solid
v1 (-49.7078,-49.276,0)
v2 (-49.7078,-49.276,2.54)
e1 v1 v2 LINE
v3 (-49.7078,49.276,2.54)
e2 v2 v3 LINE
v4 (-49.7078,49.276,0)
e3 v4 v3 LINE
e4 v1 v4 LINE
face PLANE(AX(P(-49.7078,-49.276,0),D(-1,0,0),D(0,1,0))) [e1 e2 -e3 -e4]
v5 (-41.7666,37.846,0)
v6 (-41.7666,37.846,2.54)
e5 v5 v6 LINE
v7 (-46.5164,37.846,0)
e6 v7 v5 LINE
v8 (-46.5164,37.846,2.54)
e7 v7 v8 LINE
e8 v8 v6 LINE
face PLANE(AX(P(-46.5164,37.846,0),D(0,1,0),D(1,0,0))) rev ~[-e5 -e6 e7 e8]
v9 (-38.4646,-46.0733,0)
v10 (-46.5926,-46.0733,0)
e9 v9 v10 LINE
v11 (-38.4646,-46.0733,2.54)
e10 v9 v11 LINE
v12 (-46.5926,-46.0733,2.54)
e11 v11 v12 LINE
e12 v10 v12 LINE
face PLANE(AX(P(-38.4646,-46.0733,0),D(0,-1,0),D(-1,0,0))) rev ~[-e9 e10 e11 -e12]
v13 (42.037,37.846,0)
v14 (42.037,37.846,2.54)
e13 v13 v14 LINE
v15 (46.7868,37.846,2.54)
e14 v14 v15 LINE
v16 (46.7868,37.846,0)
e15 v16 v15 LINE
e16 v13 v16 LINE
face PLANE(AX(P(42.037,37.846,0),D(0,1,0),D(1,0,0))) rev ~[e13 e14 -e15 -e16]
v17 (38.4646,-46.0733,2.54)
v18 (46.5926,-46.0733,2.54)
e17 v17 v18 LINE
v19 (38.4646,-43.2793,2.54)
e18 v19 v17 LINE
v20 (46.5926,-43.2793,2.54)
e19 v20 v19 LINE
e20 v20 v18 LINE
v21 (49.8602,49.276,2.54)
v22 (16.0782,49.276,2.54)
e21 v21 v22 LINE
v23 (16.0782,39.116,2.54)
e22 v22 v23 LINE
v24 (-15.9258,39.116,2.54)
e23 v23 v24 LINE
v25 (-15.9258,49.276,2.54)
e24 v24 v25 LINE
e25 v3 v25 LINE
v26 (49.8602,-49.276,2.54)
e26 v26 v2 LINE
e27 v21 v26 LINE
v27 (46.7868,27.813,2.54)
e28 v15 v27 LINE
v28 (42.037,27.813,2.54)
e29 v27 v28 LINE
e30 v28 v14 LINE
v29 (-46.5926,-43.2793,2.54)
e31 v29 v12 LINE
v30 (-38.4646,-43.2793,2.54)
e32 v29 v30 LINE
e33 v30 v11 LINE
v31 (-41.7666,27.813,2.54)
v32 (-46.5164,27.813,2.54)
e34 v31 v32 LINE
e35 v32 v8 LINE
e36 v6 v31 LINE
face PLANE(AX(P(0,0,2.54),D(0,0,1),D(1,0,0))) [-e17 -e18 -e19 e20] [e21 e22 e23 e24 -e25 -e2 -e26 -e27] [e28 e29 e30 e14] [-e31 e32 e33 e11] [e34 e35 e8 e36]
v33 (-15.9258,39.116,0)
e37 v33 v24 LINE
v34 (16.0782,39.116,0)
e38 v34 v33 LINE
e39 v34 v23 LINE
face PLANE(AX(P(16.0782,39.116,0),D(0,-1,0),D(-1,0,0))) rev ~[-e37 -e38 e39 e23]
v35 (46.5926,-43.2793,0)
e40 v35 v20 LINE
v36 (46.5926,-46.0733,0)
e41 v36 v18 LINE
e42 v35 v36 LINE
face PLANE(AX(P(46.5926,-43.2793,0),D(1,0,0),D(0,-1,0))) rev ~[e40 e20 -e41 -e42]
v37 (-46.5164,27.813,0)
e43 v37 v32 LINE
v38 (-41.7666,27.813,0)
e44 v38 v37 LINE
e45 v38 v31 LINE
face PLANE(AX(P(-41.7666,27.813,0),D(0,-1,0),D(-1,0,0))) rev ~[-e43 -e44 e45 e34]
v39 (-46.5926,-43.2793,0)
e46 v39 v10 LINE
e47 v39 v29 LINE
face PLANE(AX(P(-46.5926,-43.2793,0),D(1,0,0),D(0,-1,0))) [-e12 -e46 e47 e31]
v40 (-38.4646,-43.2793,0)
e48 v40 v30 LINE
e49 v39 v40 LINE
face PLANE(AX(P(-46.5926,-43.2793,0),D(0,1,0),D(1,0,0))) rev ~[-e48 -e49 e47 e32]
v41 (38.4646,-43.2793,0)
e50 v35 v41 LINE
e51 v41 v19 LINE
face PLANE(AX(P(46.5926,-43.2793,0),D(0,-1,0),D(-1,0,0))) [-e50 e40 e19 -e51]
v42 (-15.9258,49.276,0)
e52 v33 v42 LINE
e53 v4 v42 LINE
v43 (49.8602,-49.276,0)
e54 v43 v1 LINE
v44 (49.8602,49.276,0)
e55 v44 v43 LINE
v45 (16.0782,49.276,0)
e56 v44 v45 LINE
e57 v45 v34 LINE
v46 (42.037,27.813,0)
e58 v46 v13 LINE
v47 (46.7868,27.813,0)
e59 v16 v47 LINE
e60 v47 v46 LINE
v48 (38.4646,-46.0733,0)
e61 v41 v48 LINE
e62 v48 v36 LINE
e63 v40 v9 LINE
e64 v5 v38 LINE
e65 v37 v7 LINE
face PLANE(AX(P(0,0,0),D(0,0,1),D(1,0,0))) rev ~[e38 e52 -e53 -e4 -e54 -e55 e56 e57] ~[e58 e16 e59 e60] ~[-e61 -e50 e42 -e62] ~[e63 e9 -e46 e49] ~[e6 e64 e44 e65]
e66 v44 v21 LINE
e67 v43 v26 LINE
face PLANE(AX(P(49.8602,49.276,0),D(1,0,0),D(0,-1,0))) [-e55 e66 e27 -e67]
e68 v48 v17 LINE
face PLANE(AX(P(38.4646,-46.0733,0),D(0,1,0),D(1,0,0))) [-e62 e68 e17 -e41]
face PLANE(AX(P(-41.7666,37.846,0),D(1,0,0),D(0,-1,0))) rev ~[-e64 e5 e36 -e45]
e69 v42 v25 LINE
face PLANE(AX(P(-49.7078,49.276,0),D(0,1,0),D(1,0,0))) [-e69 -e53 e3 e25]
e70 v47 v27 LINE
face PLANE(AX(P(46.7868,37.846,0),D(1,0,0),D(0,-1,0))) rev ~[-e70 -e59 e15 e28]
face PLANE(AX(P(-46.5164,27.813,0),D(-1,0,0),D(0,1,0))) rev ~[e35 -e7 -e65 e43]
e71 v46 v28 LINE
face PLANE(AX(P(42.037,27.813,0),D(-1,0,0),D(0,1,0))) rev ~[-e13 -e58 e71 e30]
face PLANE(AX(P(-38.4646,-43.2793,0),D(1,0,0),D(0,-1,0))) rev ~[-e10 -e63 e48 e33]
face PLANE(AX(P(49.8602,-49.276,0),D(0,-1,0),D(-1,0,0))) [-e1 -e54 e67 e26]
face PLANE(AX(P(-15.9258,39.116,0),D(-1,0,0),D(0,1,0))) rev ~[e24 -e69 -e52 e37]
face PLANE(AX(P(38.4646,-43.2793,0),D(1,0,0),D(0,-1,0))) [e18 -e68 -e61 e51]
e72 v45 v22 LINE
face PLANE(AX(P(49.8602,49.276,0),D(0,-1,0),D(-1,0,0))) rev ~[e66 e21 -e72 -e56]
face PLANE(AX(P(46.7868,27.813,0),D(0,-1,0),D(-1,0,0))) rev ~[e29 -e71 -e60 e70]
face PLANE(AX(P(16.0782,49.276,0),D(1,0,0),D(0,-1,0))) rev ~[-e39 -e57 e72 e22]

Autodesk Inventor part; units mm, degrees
ref_plane "YZ Plane" through (0, 0, 0) normal (1, 0, 0) x (0, 1, 0)
ref_plane "XZ Plane" through (0, 0, 0) normal (0, 1, 0) x (-1, 0, 0)
ref_plane "XY Plane" through (0, 0, 0) normal (0, 0, 1) x (1, 0, 0)
sketch "Sketch1" plane through (0, 0, 0) normal (0, 0, 1) x (1, 0, 0)
  line L0 (49.8602, 49.276) -> (49.8602, -49.276)
  line L1 (49.8602, -49.276) -> (-49.7078, -49.276)
  line L2 (-49.7078, -49.276) -> (-49.7078, 49.276)
  line L3 (49.8602, 49.276) -> (16.0782, 49.276)
  line L4 (16.0782, 49.276) -> (16.0782, 39.116)
  line L5 (16.0782, 39.116) -> (-15.9258, 39.116)
  line L6 (-15.9258, 39.116) -> (-15.9258, 49.276)
  line L7 (-49.7078, 49.276) -> (-15.9258, 49.276)
  line L8 (16.0782, 49.276) -> (49.8602, 49.276)
  line L9 (-46.5164, 37.846) -> (-41.7666, 37.846)
  line L10 (-41.7666, 37.846) -> (-41.7666, 27.813)
  line L11 (-41.7666, 27.813) -> (-46.5164, 27.813)
  line L12 (-46.5164, 27.813) -> (-46.5164, 37.846)
  line L13 (42.037, 37.846) -> (46.7868, 37.846)
  line L14 (46.7868, 37.846) -> (46.7868, 27.813)
  line L15 (46.7868, 27.813) -> (42.037, 27.813)
  line L16 (42.037, 27.813) -> (42.037, 37.846)
  line L17 (-46.5926, -43.2793) -> (-46.5926, -46.0733)
  line L18 (-46.5926, -43.2793) -> (-38.4646, -43.2793)
  line L19 (-38.4646, -43.2793) -> (-38.4646, -46.0733)
  line L20 (-38.4646, -46.0733) -> (-46.5926, -46.0733)
  line L21 (46.5926, -43.2793) -> (38.4646, -43.2793)
  line L22 (38.4646, -43.2793) -> (38.4646, -46.0733)
  line L23 (38.4646, -46.0733) -> (46.5926, -46.0733)
  line L24 (46.5926, -43.2793) -> (46.5926, -46.0733)
  point P0 (0, 0)
  dimension "d0" = 99.568
  dimension "d1" = 98.552
  dimension "d2" = 33.782
  dimension "d3" = 10.16
  dimension "d4" = 32.004
  dimension "d9" = 4.7498
  dimension "d10" = 10.033
  dimension "d12" = 3.1914
  dimension "d13" = 4.7498
  dimension "d14" = 10.033
  dimension "d23" = 8.128
  dimension "d25" = 2.794
extrude "Extrusion3" add sketch "Sketch1" along normal blind 2.54
properties part number "RTS Frame Front Panel"
